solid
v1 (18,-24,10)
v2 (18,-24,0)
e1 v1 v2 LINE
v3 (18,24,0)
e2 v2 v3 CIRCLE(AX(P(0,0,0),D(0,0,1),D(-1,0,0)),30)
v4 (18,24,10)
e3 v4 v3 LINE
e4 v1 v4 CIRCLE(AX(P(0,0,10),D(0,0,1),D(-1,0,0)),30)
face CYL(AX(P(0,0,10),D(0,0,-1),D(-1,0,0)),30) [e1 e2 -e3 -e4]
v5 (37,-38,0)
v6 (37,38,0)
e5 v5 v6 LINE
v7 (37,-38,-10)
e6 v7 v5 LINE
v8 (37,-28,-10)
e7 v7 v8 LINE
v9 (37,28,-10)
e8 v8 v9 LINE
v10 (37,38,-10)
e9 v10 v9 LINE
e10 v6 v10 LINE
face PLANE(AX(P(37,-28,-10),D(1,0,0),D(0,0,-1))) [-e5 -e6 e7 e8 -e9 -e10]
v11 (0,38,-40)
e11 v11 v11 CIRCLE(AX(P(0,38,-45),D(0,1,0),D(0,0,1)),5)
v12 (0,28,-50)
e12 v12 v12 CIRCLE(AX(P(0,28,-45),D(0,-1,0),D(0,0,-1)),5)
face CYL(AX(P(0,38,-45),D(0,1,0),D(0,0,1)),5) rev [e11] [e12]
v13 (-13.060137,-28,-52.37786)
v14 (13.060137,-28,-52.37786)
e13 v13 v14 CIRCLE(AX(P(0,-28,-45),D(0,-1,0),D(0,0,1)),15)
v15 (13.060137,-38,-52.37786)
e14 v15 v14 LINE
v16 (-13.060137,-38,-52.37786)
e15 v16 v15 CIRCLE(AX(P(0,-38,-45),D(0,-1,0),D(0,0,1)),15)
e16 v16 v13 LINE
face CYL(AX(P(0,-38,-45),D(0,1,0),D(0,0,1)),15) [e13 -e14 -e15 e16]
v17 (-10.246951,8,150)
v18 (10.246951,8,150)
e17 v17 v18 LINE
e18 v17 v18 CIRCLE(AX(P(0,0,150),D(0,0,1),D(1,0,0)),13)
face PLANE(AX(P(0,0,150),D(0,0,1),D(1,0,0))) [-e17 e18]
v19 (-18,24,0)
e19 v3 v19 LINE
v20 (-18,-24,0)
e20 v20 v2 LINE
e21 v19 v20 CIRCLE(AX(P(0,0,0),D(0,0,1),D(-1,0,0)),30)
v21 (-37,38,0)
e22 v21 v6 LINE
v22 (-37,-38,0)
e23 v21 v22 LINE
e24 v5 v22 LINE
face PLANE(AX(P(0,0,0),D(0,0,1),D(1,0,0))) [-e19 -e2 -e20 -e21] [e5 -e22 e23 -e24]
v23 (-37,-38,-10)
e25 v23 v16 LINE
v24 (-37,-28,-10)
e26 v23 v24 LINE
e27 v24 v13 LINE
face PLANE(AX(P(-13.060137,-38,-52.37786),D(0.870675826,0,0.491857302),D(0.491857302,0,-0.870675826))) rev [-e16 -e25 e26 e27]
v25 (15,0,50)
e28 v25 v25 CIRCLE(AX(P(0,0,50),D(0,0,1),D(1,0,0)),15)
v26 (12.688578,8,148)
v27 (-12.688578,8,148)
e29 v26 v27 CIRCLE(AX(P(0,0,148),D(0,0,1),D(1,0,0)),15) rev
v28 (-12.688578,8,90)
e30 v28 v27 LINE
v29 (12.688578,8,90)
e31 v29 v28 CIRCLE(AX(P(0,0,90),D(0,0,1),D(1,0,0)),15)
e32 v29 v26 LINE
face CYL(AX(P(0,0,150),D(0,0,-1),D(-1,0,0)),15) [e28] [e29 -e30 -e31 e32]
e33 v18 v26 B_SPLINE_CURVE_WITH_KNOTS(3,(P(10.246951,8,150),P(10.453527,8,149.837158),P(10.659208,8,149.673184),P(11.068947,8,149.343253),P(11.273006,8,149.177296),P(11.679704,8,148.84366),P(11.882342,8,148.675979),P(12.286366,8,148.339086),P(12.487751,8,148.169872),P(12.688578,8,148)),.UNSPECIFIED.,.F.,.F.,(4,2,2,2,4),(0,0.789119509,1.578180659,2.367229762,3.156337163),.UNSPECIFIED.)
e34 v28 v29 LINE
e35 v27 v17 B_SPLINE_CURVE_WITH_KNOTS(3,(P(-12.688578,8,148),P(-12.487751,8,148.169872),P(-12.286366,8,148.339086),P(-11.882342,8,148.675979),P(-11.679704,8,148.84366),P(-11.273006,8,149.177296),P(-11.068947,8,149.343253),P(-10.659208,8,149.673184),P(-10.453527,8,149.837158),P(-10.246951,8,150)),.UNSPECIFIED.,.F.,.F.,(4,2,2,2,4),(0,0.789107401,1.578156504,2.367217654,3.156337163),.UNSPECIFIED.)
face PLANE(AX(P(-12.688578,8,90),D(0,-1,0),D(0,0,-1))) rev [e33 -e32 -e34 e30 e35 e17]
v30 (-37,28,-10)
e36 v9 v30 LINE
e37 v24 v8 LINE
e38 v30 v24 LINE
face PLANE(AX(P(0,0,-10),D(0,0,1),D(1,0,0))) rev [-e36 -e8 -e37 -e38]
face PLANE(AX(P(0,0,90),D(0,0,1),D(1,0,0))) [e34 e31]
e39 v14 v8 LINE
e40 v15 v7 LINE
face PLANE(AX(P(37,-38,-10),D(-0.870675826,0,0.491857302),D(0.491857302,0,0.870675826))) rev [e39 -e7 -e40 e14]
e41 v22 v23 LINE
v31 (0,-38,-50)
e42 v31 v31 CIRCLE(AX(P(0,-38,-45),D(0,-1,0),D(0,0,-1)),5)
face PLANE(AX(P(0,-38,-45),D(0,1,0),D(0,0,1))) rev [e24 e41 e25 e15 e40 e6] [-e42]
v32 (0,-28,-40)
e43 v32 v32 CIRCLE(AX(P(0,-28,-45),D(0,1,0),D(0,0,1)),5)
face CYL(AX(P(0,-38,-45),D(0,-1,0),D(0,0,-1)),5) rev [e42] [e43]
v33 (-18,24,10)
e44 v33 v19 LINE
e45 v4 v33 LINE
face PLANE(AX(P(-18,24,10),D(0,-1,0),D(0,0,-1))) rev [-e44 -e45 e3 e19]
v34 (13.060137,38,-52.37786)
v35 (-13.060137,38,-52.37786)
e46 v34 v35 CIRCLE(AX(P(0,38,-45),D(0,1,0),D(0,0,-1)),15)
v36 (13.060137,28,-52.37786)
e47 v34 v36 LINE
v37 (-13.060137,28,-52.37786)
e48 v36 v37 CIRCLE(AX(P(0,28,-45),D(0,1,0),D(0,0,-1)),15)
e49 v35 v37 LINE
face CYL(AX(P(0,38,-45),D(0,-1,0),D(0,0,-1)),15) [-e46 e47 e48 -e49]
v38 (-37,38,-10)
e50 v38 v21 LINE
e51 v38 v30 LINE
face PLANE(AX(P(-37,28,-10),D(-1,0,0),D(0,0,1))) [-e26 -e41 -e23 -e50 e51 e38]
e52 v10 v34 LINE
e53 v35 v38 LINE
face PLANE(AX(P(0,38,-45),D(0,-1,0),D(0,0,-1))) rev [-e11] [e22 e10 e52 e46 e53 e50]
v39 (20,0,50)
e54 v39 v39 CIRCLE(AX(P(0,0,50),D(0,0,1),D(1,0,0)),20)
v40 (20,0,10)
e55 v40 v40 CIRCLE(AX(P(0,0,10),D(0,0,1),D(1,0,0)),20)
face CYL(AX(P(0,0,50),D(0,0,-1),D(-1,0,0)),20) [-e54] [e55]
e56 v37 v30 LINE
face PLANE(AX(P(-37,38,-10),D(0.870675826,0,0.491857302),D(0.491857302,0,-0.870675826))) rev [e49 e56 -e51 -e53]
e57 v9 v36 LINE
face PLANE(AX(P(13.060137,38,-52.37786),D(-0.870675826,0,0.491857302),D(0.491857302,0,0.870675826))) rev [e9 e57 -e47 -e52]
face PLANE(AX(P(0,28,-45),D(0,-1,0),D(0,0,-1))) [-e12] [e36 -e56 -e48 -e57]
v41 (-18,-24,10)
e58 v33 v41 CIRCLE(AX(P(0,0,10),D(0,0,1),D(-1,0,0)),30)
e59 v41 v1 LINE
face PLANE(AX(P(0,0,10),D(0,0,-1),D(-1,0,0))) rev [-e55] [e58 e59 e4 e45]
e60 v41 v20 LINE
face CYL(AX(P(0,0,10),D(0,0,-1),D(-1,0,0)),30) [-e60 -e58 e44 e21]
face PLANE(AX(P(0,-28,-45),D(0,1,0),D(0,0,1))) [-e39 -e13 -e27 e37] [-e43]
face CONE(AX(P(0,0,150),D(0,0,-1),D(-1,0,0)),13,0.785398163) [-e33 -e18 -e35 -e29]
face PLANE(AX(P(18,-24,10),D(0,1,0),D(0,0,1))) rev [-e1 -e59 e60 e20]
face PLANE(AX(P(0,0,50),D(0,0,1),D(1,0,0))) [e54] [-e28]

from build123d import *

# Parameters (mm, degrees)
SKETCH1_W                      = 74
SKETCH1_H                      = 56
BOSS_EXTRUDE1_DEPTH            = 10
BOSS_EXTRUDE2_DEPTH            = 10
BOSS_EXTRUDE3_START            = 10
BOSS_EXTRUDE3_DEPTH            = 10
BOSS_EXTRUDE4_DEPTH            = 10
SKETCH5_R                      = 20
BOSS_EXTRUDE5_DEPTH            = 40
SKETCH6_R                      = 15
BOSS_EXTRUDE6_DEPTH            = 100
CUT_EXTRUDE1_START             = -60
CUT_EXTRUDE1_DEPTH             = 60
F_10_0_10_DIAMETER_HOLE1_D     = 10
F_10_0_10_DIAMETER_HOLE1_DEPTH = 10
F_10_0_10_DIAMETER_HOLE2_D     = 10
F_10_0_10_DIAMETER_HOLE2_DEPTH = 76
CHAMFER1_SIZE                  = 2


with BuildPart() as part:
    # Sketch1 → Boss-Extrude1 (new body)
    with BuildSketch(Plane.XY):
        Rectangle(SKETCH1_W, SKETCH1_H)
    extrude(amount=-BOSS_EXTRUDE1_DEPTH)

    # Sketch2 → Boss-Extrude2 (add)
    with BuildSketch(Plane.XZ.offset(28)):
        with BuildLine():
            Line((-37, 0), (37, 0))
            Line((37, 0), (37, -10))
            Line((37, -10), (13.060137394, -52.377859531))
            ThreePointArc((13.060137394, -52.377859531), (0, -60), (-13.060137394, -52.377859531))
            Line((-13.060137394, -52.377859531), (-37, -10))
            Line((-37, -10), (-37, 0))
        make_face()
    extrude(amount=BOSS_EXTRUDE2_DEPTH)

    # Sketch3 → Boss-Extrude3 (add)
    with BuildSketch(Plane(origin=(0, 28, 0), x_dir=(-1, 0, 0), z_dir=(0, 1, 0)).offset(BOSS_EXTRUDE3_START)):
        with BuildLine():
            Line((-37, 0), (37, 0))
            Line((37, 0), (37, -10))
            Line((37, -10), (13.060137394, -52.377859531))
            ThreePointArc((13.060137394, -52.377859531), (0, -60), (-13.060137394, -52.377859531))
            Line((-13.060137394, -52.377859531), (-37, -10))
            Line((-37, -10), (-37, 0))
        make_face()
    extrude(amount=-BOSS_EXTRUDE3_DEPTH)

    # Sketch4 → Boss-Extrude4 (add)
    with BuildSketch(Plane.XY):
        with BuildLine():
            Line((18, -24), (-18, -24))
            ThreePointArc((-18, -24), (-30, 0), (-18, 24))
            Line((-18, 24), (18, 24))
            ThreePointArc((18, 24), (30, 0), (18, -24))
        make_face()
    extrude(amount=BOSS_EXTRUDE4_DEPTH)

    # Sketch5 → Boss-Extrude5 (add)
    with BuildSketch(Plane.XY.offset(10)):
        Circle(SKETCH5_R)
    extrude(amount=BOSS_EXTRUDE5_DEPTH)

    # Sketch6 → Boss-Extrude6 (add)
    with BuildSketch(Plane.XY.offset(50)):
        with Locations(Location((0, 0, 0), (0, 0, 180))):
            Circle(SKETCH6_R)
    extrude(amount=BOSS_EXTRUDE6_DEPTH)

    # Sketch7 → Cut-Extrude1 (cut)
    with BuildSketch(Plane.XY.offset(150).offset(CUT_EXTRUDE1_START)):
        with BuildLine():
            Line((-12.68857754, 8), (12.68857754, 8))
            ThreePointArc((12.68857754, 8), (0, 15), (-12.68857754, 8))
        make_face()
    extrude(amount=CUT_EXTRUDE1_DEPTH, mode=Mode.SUBTRACT)

    # Ø10.0 (10) Diameter Hole1
    with Locations(Plane(origin=(0, -38, 0), x_dir=(-1, 0, 0), z_dir=(0, -1, 0))):
        with Locations((0, 45)):
            Hole(F_10_0_10_DIAMETER_HOLE1_D / 2, depth=F_10_0_10_DIAMETER_HOLE1_DEPTH)

    # Ø10.0 (10) Diameter Hole2
    with Locations(Plane(origin=(0, 38, 0), x_dir=(1, 0, 0), z_dir=(0, 1, 0))):
        with Locations((0, 45)):
            Hole(F_10_0_10_DIAMETER_HOLE2_D / 2, depth=F_10_0_10_DIAMETER_HOLE2_DEPTH)

    # Chamfer1
    chamfer1_edges = [part.edges().sort_by_distance(p)[0] for p in [
        (4.163612428, -14.410563193, 150),
    ]]
    chamfer(chamfer1_edges, length=CHAMFER1_SIZE)


solid = part.part
